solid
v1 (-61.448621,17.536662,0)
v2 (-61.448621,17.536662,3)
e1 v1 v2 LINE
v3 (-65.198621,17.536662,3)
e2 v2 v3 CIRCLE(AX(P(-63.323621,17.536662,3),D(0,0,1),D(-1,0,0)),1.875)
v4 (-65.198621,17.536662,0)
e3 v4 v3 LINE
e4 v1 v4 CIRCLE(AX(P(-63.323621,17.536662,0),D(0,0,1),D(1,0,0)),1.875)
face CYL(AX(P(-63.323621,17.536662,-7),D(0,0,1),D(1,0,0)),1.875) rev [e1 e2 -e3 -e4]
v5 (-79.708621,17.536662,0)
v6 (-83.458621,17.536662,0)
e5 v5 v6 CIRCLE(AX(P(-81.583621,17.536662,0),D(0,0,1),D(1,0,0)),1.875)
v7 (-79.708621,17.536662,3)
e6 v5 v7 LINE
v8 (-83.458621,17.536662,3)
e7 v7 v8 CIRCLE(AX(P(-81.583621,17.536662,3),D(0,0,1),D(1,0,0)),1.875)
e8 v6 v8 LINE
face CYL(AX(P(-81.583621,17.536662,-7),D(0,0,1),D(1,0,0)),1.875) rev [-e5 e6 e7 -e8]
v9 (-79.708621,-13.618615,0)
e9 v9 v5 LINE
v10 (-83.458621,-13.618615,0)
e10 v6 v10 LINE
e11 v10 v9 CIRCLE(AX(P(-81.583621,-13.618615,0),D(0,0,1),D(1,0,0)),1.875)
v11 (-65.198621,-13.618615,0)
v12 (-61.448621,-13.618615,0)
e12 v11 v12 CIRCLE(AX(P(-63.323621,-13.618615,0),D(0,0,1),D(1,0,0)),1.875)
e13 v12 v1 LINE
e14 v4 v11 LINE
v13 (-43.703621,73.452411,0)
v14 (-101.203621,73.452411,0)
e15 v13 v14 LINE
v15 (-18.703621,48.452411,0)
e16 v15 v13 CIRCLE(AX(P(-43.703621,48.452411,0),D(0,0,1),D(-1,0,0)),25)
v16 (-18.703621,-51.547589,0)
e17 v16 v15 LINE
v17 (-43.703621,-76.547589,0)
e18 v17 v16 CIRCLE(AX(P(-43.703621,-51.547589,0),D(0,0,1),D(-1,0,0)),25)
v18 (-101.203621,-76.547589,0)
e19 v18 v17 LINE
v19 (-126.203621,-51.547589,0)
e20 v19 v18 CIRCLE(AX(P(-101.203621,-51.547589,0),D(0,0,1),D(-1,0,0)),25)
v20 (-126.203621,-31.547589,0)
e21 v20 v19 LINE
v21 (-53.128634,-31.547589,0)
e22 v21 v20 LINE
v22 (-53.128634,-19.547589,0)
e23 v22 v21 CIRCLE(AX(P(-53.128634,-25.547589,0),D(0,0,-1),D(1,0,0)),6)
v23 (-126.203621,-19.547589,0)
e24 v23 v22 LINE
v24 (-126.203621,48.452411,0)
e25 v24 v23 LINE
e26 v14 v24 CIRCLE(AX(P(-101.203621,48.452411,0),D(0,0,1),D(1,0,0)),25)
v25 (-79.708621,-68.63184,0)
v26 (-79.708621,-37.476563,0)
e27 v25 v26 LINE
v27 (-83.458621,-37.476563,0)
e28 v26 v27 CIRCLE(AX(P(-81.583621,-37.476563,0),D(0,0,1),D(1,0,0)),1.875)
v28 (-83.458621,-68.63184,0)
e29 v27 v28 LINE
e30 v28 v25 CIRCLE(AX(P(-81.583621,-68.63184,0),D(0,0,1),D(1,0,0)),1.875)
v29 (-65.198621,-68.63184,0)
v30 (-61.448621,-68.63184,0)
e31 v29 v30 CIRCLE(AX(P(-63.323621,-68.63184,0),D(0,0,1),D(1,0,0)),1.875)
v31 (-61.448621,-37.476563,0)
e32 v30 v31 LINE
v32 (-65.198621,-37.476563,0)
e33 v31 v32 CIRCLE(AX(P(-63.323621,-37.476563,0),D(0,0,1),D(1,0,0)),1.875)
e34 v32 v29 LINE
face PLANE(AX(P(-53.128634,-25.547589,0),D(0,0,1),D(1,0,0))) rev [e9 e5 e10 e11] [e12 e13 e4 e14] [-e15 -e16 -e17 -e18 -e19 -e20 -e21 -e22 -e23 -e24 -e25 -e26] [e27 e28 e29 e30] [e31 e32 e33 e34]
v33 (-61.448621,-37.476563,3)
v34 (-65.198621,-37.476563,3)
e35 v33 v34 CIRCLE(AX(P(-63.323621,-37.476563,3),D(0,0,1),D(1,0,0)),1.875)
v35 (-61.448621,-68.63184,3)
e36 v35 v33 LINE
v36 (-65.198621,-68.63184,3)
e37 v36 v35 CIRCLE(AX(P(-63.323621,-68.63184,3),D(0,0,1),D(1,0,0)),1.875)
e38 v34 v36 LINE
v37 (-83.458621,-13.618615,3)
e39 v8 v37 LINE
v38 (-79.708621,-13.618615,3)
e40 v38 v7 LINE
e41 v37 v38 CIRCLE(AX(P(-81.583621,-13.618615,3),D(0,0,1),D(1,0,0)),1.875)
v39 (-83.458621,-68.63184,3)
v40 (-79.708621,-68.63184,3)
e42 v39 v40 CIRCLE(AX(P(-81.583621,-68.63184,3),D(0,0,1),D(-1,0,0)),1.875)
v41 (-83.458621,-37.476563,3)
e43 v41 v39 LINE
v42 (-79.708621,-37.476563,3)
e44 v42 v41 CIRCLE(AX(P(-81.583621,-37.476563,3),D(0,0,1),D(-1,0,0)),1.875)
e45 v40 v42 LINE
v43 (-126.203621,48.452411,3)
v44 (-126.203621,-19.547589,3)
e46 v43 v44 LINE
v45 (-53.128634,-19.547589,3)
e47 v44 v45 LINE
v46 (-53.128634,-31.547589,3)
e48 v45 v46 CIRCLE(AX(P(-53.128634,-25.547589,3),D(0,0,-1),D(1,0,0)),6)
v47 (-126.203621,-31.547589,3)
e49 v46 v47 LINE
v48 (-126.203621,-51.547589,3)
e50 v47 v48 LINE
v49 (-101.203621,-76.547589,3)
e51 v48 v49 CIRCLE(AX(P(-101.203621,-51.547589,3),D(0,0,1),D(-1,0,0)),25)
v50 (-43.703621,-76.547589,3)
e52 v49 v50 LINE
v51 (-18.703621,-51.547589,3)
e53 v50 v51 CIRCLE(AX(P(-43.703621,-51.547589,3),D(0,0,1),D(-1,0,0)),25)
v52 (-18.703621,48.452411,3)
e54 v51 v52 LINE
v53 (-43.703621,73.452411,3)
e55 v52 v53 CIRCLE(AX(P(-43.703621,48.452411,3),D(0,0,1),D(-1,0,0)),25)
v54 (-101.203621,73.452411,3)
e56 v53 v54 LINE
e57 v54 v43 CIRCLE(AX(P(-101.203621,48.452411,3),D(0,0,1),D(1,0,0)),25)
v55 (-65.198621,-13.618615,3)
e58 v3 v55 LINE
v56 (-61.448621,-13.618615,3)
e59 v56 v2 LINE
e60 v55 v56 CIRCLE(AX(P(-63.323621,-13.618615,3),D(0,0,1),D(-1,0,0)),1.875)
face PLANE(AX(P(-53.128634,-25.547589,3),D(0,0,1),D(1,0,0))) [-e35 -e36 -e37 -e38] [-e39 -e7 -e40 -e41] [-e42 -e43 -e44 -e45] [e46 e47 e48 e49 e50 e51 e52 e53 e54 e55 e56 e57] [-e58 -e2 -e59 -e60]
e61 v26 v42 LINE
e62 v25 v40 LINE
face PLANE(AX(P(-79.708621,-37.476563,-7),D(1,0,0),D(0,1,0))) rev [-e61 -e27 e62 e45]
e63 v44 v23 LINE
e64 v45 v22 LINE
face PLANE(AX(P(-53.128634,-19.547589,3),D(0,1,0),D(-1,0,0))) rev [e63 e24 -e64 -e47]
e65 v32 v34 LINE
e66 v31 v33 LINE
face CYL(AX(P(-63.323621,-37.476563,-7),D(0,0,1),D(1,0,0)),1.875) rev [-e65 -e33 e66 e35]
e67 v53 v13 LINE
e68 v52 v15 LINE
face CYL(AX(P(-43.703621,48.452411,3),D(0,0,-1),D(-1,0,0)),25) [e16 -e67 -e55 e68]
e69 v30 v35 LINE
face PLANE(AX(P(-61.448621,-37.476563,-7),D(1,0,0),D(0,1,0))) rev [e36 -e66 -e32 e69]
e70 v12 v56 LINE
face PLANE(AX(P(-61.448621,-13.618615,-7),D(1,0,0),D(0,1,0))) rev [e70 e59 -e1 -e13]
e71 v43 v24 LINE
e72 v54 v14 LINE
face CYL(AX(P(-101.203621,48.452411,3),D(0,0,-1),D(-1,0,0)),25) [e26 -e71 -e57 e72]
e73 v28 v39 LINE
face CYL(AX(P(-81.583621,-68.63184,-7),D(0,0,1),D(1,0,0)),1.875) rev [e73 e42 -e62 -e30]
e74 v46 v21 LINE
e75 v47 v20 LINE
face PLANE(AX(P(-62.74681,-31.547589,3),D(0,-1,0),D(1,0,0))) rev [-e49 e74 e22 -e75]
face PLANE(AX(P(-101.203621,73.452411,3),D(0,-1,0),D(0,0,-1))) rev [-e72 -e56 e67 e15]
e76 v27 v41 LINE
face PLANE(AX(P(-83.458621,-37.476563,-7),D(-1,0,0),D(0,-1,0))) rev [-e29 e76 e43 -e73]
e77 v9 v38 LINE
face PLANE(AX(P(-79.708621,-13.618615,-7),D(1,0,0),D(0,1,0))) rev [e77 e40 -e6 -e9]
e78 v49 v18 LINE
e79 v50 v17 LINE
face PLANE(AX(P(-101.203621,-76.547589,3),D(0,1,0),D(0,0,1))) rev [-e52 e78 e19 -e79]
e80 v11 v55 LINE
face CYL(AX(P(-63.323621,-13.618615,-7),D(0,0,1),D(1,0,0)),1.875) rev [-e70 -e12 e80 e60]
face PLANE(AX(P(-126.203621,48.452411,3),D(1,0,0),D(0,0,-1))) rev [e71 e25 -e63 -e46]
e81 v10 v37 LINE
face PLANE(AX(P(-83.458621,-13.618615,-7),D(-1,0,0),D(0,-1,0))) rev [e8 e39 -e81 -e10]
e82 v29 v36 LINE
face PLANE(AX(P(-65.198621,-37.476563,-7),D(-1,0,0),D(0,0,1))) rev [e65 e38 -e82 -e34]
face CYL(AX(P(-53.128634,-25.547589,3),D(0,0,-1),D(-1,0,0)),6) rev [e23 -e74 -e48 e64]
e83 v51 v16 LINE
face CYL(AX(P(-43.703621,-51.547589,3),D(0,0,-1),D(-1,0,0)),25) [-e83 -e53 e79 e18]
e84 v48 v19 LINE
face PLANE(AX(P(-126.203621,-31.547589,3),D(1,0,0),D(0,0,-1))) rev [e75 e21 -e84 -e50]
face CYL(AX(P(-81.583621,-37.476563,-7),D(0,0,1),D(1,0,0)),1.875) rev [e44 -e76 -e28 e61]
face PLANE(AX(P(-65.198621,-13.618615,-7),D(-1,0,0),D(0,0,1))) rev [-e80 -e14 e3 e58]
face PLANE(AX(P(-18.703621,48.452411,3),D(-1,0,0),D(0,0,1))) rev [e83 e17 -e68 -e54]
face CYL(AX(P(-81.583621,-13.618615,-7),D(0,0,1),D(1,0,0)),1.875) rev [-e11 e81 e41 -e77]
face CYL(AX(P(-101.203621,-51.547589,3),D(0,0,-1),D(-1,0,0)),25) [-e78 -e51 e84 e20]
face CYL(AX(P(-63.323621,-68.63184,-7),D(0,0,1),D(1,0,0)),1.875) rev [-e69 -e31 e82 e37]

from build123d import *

# Parameters (mm, degrees)
BOSS_EXTRUDE1_DEPTH = 3
CUT_EXTRUDE1_DEPTH  = 10


with BuildPart() as part:
    # Sketch2 → Boss-Extrude1 (new body)
    with BuildSketch(Plane.XY):
        with BuildLine():
            Line((-53.128634422, -19.547588701), (-62.746809975, -19.547588701))
            Line((-62.746809975, -19.547588701), (-126.203620945, -19.547588701))
            Line((-126.203620945, -19.547588701), (-126.203620945, 48.452411299))
            ThreePointArc((-126.203620945, 48.452411299), (-118.881290474, 66.130080829), (-101.203620945, 73.452411299))
            Line((-101.203620945, 73.452411299), (-43.703620945, 73.452411299))
            ThreePointArc((-43.703620945, 73.452411299), (-26.025951415, 66.130080829), (-18.703620945, 48.452411299))
            Line((-18.703620945, 48.452411299), (-18.703620945, -51.547588701))
            ThreePointArc((-18.703620945, -51.547588701), (-26.025951415, -69.225258231), (-43.703620945, -76.547588701))
            Line((-43.703620945, -76.547588701), (-101.203620945, -76.547588701))
            ThreePointArc((-101.203620945, -76.547588701), (-118.881290474, -69.225258231), (-126.203620945, -51.547588701))
            Line((-126.203620945, -51.547588701), (-126.203620945, -31.547588701))
            Line((-126.203620945, -31.547588701), (-62.746809975, -31.547588701))
            Line((-62.746809975, -31.547588701), (-53.128634422, -31.547588701))
            ThreePointArc((-53.128634422, -31.547588701), (-47.128634422, -25.547588701), (-53.128634422, -19.547588701))
        make_face()
    extrude(amount=BOSS_EXTRUDE1_DEPTH)

    # Sketch3 → Cut-Extrude1 (cut)
    with BuildSketch(Plane.XY.offset(3)):
        with BuildLine():
            Line((-61.448620945, -37.476562772), (-61.448620945, -68.6318397))
            ThreePointArc((-61.448620945, -68.6318397), (-63.323620945, -70.5068397), (-65.198620945, -68.6318397))
            Line((-65.198620945, -68.6318397), (-65.198620945, -37.476562772))
            ThreePointArc((-65.198620945, -37.476562772), (-63.323620945, -35.601562772), (-61.448620945, -37.476562772))
        make_face()
        with BuildLine():
            Line((-83.458620945, -37.476562772), (-83.458620945, -68.6318397))
            ThreePointArc((-83.458620945, -68.6318397), (-81.583620945, -70.5068397), (-79.708620945, -68.6318397))
            Line((-79.708620945, -68.6318397), (-79.708620945, -37.476562772))
            ThreePointArc((-79.708620945, -37.476562772), (-81.583620945, -35.601562772), (-83.458620945, -37.476562772))
        make_face()
        with BuildLine():
            Line((-83.458620945, -13.61861463), (-83.458620945, 17.536662297))
            ThreePointArc((-83.458620945, 17.536662297), (-81.583620945, 19.411662297), (-79.708620945, 17.536662297))
            Line((-79.708620945, 17.536662297), (-79.708620945, -13.61861463))
            ThreePointArc((-79.708620945, -13.61861463), (-81.583620945, -15.49361463), (-83.458620945, -13.61861463))
        make_face()
        with BuildLine():
            Line((-61.448620945, -13.61861463), (-61.448620945, 17.536662297))
            ThreePointArc((-61.448620945, 17.536662297), (-63.323620945, 19.411662297), (-65.198620945, 17.536662297))
            Line((-65.198620945, 17.536662297), (-65.198620945, -13.61861463))
            ThreePointArc((-65.198620945, -13.61861463), (-63.323620945, -15.49361463), (-61.448620945, -13.61861463))
        make_face()
    extrude(amount=-CUT_EXTRUDE1_DEPTH, mode=Mode.SUBTRACT)


solid = part.part
